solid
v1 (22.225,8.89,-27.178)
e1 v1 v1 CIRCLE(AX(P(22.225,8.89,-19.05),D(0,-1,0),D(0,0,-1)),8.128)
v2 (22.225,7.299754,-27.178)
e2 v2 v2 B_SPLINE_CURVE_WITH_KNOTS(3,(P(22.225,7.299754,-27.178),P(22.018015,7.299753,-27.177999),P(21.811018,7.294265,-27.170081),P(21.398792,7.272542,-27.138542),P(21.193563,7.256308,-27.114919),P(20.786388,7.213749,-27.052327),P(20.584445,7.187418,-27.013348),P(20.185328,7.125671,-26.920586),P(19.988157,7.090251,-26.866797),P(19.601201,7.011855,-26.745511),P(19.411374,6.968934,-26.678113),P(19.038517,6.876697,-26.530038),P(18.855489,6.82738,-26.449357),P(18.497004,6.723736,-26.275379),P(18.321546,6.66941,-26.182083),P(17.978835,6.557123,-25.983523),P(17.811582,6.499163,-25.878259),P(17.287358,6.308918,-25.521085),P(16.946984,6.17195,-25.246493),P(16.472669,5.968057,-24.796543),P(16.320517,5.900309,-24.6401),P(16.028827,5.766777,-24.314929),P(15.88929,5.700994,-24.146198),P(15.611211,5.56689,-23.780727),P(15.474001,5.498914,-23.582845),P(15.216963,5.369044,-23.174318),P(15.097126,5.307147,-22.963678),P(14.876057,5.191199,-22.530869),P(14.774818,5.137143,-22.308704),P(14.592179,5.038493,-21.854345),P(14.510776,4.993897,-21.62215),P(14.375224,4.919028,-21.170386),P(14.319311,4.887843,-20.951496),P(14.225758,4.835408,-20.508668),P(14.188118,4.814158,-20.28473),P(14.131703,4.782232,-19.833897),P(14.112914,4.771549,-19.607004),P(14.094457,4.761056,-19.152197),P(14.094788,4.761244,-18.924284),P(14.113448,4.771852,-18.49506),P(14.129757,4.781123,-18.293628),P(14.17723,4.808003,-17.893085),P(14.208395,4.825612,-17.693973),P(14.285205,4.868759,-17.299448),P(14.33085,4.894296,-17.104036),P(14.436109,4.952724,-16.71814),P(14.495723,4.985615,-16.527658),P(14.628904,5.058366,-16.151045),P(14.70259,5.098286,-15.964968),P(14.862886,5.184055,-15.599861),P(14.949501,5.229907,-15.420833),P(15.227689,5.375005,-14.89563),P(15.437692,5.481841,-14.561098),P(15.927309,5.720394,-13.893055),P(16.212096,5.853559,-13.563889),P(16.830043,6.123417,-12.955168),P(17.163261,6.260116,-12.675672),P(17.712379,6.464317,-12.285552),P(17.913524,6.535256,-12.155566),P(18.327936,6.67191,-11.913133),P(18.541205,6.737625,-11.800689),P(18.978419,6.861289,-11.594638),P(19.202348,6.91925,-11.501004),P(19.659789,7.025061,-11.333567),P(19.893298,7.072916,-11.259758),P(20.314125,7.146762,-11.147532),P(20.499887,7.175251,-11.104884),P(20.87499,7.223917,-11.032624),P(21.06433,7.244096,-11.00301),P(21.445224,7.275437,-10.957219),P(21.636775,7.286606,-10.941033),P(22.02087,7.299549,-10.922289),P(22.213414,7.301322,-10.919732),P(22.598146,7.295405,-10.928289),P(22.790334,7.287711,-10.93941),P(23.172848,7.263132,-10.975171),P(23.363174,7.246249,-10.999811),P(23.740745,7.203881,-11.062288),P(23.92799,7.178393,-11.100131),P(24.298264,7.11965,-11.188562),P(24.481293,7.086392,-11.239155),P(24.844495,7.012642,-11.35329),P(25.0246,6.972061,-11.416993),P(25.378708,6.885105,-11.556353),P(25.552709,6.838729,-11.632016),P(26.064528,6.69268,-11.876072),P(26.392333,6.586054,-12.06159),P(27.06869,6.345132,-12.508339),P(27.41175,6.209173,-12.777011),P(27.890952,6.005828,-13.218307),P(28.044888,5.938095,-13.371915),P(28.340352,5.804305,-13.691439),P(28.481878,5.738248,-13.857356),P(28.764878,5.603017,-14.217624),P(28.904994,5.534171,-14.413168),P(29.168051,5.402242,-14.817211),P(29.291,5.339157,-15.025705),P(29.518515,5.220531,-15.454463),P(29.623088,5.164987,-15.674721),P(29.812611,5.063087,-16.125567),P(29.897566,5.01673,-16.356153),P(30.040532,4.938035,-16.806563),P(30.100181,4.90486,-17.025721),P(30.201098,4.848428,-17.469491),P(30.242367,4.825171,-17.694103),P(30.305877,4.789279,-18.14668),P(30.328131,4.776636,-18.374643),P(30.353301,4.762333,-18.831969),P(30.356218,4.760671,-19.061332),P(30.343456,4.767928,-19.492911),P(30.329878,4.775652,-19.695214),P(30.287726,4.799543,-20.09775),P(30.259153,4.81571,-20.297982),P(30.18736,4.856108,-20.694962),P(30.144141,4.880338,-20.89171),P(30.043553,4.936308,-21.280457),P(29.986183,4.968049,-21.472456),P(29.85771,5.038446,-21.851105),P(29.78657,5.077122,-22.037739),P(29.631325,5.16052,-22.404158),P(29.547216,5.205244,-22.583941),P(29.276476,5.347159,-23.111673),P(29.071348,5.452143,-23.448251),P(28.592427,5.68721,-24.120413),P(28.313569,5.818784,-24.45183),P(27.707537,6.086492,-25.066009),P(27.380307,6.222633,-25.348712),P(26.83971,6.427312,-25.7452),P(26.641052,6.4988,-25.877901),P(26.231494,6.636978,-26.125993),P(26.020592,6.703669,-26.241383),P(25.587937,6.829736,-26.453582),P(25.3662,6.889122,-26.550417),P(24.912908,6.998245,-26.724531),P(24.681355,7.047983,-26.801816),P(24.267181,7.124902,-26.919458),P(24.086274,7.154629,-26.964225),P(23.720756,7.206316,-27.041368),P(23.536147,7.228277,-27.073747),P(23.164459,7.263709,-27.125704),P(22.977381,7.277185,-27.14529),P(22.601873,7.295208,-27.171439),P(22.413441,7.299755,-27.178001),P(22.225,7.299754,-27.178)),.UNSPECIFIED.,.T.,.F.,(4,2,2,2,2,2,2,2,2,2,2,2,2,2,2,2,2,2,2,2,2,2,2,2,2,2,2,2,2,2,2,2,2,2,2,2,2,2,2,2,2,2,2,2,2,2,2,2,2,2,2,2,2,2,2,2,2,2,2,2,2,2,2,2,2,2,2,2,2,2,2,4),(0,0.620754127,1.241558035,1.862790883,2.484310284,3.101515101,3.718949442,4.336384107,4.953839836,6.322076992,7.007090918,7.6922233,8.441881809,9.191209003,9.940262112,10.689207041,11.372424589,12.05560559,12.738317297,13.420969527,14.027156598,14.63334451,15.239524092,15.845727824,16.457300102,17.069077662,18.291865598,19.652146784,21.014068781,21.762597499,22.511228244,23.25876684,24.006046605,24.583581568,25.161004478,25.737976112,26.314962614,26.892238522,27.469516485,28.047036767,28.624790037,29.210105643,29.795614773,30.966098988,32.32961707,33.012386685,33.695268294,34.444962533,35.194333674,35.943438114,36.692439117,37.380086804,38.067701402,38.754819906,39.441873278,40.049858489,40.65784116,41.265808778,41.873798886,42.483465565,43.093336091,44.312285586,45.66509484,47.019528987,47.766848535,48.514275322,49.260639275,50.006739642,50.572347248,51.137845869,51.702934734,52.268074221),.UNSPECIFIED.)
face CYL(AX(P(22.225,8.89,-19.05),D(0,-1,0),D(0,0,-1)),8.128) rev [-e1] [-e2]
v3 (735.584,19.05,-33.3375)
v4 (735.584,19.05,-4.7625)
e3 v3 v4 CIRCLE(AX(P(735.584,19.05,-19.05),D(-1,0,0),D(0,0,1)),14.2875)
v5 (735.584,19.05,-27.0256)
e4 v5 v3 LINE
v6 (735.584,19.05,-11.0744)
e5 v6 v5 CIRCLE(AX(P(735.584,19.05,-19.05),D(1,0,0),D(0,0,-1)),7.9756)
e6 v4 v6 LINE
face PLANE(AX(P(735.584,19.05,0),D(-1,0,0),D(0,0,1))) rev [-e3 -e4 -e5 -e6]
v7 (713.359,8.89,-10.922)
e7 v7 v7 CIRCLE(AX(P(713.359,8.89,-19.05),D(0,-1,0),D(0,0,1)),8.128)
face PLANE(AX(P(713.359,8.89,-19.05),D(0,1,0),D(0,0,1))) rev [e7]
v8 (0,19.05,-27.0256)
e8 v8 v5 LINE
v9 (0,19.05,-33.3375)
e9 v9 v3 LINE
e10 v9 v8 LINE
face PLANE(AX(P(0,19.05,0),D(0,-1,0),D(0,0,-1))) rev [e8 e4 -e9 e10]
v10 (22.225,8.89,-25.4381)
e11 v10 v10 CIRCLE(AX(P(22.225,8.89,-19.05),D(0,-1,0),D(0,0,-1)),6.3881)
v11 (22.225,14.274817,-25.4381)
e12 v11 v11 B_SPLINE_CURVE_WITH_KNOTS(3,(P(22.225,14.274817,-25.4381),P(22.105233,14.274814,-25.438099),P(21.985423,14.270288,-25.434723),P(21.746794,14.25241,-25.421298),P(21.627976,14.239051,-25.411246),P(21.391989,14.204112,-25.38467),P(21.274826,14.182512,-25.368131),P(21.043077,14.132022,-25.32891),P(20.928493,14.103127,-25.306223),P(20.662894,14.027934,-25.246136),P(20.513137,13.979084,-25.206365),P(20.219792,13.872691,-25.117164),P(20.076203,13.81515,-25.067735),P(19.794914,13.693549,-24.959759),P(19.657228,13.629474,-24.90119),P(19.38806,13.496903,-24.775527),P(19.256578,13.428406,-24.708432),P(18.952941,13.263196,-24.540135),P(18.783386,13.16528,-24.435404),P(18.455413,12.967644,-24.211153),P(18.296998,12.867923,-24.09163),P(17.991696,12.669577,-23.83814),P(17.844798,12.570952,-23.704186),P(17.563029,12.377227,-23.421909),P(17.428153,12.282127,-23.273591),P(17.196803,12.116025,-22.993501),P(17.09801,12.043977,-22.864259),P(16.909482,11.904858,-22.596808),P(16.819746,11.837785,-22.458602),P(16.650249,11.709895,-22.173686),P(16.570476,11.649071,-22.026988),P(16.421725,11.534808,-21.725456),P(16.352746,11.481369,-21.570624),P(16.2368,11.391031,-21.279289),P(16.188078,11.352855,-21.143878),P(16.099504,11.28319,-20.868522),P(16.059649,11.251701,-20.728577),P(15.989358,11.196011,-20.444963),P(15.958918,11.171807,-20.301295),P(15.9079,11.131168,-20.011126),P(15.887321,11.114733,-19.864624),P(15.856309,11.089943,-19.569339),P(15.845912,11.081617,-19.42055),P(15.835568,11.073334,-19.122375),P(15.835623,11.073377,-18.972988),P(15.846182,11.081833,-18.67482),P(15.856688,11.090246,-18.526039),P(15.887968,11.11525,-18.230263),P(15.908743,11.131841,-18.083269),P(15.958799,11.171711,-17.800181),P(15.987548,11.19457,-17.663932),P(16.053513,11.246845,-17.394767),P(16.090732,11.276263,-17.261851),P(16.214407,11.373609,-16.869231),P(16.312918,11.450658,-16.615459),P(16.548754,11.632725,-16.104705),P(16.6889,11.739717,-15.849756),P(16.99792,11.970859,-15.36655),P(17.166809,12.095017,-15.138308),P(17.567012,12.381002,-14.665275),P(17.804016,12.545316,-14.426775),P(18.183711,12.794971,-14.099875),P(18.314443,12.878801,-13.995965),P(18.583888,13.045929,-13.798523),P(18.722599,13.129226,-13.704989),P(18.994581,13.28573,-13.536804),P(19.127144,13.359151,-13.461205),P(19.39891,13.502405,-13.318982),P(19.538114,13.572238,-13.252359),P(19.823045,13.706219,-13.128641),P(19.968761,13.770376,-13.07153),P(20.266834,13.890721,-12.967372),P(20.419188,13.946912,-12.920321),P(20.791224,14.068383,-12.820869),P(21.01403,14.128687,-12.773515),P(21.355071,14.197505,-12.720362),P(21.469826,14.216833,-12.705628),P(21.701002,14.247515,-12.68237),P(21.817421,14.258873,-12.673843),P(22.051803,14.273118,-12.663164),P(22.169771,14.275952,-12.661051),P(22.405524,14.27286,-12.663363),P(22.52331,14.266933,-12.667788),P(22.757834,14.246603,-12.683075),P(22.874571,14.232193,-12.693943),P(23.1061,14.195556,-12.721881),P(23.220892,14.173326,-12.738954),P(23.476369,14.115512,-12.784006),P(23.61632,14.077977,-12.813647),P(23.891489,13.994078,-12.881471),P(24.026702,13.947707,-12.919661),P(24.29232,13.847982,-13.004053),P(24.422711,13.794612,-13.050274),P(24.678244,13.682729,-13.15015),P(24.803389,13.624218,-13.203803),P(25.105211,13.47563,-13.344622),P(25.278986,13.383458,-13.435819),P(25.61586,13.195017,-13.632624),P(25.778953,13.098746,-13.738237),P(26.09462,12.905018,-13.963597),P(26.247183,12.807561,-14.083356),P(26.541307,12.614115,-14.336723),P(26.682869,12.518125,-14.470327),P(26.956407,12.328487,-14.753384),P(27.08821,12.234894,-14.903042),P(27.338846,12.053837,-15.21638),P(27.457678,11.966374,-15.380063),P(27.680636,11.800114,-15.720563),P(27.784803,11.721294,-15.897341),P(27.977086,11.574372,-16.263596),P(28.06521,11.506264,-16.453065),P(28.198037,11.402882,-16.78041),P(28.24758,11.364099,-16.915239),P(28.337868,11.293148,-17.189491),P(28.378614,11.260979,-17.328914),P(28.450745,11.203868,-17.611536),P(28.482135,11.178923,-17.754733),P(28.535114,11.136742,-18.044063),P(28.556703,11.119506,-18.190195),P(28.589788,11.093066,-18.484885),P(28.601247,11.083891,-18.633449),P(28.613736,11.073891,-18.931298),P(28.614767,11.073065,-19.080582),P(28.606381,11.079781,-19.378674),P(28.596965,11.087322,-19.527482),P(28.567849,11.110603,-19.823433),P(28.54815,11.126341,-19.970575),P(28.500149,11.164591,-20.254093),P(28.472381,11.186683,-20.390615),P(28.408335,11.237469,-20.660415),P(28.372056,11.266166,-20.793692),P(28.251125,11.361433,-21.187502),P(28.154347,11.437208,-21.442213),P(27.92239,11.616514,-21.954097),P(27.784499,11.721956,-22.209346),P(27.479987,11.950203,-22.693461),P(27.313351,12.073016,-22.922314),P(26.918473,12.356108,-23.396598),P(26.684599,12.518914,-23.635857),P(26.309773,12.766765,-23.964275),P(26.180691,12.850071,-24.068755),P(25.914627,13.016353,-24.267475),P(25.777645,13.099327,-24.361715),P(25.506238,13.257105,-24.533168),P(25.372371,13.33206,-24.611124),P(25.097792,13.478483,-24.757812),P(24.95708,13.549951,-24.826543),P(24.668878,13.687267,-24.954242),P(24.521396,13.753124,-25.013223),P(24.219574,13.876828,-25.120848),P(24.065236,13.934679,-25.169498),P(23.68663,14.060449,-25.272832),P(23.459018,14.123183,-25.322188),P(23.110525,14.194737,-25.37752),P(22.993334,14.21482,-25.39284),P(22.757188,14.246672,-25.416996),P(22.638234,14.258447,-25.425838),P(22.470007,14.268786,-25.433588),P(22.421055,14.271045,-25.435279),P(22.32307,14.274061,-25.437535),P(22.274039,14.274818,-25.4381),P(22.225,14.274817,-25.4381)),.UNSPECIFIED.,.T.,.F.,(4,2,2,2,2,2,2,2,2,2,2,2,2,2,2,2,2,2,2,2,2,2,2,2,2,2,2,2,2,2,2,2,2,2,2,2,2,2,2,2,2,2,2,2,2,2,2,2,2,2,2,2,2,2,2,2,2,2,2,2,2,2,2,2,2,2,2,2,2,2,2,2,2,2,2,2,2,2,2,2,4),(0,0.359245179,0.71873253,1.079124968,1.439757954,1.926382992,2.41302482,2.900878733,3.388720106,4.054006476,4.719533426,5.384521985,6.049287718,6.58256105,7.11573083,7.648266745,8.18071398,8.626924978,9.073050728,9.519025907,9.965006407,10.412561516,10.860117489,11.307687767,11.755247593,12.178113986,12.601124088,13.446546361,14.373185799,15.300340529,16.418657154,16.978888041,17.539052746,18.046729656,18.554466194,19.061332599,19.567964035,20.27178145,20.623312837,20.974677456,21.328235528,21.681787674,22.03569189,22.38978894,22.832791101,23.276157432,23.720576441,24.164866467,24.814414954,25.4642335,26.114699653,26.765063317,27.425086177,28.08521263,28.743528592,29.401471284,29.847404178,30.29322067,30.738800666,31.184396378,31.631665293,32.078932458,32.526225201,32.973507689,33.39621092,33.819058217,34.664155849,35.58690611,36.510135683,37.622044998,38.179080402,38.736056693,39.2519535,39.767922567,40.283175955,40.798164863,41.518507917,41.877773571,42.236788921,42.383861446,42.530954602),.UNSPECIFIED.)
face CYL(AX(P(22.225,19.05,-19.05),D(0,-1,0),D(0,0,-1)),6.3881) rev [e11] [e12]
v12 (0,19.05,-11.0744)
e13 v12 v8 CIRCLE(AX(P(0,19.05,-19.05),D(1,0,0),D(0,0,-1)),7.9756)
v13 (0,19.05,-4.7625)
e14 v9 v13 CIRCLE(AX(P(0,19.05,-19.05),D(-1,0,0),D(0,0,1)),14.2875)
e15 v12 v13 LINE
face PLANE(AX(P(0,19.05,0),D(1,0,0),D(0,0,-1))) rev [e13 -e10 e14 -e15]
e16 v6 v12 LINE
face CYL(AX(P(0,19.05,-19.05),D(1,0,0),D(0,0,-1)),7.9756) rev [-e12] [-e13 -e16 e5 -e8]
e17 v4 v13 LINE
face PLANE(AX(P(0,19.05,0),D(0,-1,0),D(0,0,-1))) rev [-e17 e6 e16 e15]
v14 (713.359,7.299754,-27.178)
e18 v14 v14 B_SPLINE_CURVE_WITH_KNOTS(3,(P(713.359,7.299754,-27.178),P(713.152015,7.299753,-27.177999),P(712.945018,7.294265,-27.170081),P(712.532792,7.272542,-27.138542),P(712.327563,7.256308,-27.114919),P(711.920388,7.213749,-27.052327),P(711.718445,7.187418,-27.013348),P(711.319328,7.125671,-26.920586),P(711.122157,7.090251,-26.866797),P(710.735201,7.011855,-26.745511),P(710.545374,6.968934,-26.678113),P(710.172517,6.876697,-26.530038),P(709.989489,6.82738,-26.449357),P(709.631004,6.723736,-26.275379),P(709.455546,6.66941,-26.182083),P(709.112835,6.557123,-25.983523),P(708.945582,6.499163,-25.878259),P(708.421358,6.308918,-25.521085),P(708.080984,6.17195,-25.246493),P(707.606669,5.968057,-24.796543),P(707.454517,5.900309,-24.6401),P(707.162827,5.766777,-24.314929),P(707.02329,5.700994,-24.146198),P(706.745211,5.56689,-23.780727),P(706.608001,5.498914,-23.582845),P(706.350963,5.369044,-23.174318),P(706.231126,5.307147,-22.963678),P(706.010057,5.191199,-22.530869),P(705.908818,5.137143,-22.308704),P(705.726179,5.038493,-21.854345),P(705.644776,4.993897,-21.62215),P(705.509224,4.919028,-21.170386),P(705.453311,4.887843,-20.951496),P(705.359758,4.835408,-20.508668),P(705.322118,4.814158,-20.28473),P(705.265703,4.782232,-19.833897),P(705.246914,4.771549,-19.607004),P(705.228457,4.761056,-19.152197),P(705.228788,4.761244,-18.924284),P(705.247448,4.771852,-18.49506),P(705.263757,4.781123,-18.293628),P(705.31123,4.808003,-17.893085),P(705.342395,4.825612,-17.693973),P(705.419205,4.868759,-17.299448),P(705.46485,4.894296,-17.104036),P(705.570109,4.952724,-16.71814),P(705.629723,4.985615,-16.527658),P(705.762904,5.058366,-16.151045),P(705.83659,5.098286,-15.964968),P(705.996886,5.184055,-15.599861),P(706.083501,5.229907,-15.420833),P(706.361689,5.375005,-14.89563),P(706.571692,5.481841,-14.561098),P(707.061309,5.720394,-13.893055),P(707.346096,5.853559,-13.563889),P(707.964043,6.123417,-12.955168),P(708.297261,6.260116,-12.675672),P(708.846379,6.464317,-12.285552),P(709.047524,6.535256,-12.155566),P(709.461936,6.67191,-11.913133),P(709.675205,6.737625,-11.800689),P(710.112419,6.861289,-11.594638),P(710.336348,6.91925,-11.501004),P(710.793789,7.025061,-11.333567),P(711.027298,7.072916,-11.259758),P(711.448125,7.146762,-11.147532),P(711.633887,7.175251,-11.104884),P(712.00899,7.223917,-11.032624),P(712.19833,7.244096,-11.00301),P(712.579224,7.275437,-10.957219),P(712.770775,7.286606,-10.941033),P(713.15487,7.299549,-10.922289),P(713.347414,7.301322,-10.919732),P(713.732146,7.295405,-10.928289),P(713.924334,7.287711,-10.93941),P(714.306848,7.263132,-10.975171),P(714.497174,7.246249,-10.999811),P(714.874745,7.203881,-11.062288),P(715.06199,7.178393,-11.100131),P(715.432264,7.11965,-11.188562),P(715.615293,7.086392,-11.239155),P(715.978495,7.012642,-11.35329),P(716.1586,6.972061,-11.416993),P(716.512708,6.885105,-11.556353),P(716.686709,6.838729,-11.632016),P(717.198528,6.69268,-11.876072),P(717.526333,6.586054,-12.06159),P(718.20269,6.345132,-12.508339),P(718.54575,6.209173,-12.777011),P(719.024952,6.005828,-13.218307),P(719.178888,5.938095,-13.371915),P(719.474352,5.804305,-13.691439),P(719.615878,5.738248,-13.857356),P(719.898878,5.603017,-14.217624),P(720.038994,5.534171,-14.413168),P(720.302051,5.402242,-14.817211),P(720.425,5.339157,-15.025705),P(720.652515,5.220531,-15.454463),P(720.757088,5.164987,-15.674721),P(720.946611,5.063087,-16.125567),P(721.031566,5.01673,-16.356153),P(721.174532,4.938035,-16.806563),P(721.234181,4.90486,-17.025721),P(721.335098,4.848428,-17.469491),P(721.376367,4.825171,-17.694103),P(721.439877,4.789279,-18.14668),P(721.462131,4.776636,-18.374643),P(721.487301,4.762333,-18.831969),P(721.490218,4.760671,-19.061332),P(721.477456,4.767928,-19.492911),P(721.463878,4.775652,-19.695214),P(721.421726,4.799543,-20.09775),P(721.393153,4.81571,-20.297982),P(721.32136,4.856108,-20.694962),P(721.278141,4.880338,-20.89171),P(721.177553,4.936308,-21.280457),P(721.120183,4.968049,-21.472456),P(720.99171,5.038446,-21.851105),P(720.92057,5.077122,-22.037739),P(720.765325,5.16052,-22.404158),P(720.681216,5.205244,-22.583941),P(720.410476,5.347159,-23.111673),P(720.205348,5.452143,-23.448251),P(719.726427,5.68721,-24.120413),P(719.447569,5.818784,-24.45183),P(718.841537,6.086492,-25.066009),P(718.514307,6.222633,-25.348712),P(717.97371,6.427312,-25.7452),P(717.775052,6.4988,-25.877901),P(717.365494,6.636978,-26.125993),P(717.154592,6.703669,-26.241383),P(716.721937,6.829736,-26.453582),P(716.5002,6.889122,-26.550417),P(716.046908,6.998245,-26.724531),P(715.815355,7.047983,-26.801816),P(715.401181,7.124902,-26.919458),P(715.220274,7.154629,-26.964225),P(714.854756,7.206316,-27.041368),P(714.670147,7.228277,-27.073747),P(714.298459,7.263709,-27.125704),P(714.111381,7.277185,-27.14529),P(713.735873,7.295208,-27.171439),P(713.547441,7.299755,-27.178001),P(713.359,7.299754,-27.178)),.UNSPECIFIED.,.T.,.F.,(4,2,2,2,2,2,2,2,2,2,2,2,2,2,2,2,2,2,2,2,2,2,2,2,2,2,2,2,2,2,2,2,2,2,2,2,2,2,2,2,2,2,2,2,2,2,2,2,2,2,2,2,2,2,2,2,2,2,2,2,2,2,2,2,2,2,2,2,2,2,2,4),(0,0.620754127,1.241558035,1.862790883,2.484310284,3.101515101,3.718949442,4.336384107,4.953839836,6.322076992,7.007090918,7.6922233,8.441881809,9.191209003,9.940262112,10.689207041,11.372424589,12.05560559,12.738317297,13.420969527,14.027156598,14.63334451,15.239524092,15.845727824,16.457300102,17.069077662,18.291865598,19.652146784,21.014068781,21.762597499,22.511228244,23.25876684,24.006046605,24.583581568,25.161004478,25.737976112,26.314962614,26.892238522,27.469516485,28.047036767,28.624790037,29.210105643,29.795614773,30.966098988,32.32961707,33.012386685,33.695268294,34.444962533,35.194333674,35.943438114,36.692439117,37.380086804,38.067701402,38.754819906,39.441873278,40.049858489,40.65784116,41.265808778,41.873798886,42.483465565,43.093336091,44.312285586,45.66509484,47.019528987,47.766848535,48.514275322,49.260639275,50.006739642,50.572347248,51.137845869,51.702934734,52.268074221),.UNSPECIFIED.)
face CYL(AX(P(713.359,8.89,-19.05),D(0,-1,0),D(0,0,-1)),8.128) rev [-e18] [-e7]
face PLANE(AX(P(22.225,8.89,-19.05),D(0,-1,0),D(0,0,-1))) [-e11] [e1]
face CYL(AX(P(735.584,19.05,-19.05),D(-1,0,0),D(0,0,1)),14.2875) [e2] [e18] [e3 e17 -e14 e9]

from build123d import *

# Parameters (mm, degrees)
SKETCH1_W                     = 735.584
SKETCH1_H                     = 38.1
WOOD_BLOCK_DEPTH              = 19.05
SKETCH2_R                     = 7.9756
INNER_BORE_DEPTH              = 737.816349952
SKETCH3_R                     = 6.3881
MOUTHPIECE_THROUGH_HOLE_DEPTH = 737.816349952
SKETCH5_R                     = 8.128
COUNTERBORE_DEPTH             = 8.89
SKETCH4_OUTSIDE_W             = 187.464
SKETCH4_OUTSIDE_H             = 168.414
SKETCH4_OUTSIDE_R             = 14.2875
OUTER_DIAMETER_DEPTH          = 737.816350054


with BuildPart() as part:
    # Sketch1 → wood block (new body)
    with BuildSketch(Plane(origin=(0, 0, 0), x_dir=(1, 0, 0), z_dir=(0, 1, 0))):
        with Locations((367.792, 19.05)):
            Rectangle(SKETCH1_W, SKETCH1_H)
    extrude(amount=WOOD_BLOCK_DEPTH)

    # Sketch2 → inner bore (cut, through all)
    with BuildSketch(Plane(origin=(735.584, 0, 0), x_dir=(0, 0, -1), z_dir=(1, 0, 0))):
        with Locations((19.05, 19.05)):
            Circle(SKETCH2_R)
    extrude(amount=-INNER_BORE_DEPTH, mode=Mode.SUBTRACT)

    # Sketch3 → mouthpiece through hole (cut, through all)
    with BuildSketch(Plane(origin=(0, 0, 0), x_dir=(1, 0, 0), z_dir=(0, 1, 0))):
        with Locations(Location((22.225, 19.05, 0), (0, 0, 90))):
            Circle(SKETCH3_R)
    extrude(amount=MOUTHPIECE_THROUGH_HOLE_DEPTH, mode=Mode.SUBTRACT)

    # Sketch5 → counterbore (cut)
    with BuildSketch(Plane.XZ):
        with Locations(Location((22.225, -19.05, 0), (0, 0, 270))):
            Circle(SKETCH5_R)
        with Locations(Location((713.359, -19.05, 0), (0, 0, 90))):
            Circle(SKETCH5_R)
    extrude(amount=-COUNTERBORE_DEPTH, mode=Mode.SUBTRACT)

    # Sketch4 outside → outer diameter (cut, through all)
    with BuildSketch(Plane.ZY):
        with Locations((-19.05, 9.525)):
            Rectangle(SKETCH4_OUTSIDE_W, SKETCH4_OUTSIDE_H)
        with Locations((-19.05, 19.05)):
            Circle(SKETCH4_OUTSIDE_R, mode=Mode.SUBTRACT)
    extrude(amount=-OUTER_DIAMETER_DEPTH, mode=Mode.SUBTRACT)


solid = part.part
